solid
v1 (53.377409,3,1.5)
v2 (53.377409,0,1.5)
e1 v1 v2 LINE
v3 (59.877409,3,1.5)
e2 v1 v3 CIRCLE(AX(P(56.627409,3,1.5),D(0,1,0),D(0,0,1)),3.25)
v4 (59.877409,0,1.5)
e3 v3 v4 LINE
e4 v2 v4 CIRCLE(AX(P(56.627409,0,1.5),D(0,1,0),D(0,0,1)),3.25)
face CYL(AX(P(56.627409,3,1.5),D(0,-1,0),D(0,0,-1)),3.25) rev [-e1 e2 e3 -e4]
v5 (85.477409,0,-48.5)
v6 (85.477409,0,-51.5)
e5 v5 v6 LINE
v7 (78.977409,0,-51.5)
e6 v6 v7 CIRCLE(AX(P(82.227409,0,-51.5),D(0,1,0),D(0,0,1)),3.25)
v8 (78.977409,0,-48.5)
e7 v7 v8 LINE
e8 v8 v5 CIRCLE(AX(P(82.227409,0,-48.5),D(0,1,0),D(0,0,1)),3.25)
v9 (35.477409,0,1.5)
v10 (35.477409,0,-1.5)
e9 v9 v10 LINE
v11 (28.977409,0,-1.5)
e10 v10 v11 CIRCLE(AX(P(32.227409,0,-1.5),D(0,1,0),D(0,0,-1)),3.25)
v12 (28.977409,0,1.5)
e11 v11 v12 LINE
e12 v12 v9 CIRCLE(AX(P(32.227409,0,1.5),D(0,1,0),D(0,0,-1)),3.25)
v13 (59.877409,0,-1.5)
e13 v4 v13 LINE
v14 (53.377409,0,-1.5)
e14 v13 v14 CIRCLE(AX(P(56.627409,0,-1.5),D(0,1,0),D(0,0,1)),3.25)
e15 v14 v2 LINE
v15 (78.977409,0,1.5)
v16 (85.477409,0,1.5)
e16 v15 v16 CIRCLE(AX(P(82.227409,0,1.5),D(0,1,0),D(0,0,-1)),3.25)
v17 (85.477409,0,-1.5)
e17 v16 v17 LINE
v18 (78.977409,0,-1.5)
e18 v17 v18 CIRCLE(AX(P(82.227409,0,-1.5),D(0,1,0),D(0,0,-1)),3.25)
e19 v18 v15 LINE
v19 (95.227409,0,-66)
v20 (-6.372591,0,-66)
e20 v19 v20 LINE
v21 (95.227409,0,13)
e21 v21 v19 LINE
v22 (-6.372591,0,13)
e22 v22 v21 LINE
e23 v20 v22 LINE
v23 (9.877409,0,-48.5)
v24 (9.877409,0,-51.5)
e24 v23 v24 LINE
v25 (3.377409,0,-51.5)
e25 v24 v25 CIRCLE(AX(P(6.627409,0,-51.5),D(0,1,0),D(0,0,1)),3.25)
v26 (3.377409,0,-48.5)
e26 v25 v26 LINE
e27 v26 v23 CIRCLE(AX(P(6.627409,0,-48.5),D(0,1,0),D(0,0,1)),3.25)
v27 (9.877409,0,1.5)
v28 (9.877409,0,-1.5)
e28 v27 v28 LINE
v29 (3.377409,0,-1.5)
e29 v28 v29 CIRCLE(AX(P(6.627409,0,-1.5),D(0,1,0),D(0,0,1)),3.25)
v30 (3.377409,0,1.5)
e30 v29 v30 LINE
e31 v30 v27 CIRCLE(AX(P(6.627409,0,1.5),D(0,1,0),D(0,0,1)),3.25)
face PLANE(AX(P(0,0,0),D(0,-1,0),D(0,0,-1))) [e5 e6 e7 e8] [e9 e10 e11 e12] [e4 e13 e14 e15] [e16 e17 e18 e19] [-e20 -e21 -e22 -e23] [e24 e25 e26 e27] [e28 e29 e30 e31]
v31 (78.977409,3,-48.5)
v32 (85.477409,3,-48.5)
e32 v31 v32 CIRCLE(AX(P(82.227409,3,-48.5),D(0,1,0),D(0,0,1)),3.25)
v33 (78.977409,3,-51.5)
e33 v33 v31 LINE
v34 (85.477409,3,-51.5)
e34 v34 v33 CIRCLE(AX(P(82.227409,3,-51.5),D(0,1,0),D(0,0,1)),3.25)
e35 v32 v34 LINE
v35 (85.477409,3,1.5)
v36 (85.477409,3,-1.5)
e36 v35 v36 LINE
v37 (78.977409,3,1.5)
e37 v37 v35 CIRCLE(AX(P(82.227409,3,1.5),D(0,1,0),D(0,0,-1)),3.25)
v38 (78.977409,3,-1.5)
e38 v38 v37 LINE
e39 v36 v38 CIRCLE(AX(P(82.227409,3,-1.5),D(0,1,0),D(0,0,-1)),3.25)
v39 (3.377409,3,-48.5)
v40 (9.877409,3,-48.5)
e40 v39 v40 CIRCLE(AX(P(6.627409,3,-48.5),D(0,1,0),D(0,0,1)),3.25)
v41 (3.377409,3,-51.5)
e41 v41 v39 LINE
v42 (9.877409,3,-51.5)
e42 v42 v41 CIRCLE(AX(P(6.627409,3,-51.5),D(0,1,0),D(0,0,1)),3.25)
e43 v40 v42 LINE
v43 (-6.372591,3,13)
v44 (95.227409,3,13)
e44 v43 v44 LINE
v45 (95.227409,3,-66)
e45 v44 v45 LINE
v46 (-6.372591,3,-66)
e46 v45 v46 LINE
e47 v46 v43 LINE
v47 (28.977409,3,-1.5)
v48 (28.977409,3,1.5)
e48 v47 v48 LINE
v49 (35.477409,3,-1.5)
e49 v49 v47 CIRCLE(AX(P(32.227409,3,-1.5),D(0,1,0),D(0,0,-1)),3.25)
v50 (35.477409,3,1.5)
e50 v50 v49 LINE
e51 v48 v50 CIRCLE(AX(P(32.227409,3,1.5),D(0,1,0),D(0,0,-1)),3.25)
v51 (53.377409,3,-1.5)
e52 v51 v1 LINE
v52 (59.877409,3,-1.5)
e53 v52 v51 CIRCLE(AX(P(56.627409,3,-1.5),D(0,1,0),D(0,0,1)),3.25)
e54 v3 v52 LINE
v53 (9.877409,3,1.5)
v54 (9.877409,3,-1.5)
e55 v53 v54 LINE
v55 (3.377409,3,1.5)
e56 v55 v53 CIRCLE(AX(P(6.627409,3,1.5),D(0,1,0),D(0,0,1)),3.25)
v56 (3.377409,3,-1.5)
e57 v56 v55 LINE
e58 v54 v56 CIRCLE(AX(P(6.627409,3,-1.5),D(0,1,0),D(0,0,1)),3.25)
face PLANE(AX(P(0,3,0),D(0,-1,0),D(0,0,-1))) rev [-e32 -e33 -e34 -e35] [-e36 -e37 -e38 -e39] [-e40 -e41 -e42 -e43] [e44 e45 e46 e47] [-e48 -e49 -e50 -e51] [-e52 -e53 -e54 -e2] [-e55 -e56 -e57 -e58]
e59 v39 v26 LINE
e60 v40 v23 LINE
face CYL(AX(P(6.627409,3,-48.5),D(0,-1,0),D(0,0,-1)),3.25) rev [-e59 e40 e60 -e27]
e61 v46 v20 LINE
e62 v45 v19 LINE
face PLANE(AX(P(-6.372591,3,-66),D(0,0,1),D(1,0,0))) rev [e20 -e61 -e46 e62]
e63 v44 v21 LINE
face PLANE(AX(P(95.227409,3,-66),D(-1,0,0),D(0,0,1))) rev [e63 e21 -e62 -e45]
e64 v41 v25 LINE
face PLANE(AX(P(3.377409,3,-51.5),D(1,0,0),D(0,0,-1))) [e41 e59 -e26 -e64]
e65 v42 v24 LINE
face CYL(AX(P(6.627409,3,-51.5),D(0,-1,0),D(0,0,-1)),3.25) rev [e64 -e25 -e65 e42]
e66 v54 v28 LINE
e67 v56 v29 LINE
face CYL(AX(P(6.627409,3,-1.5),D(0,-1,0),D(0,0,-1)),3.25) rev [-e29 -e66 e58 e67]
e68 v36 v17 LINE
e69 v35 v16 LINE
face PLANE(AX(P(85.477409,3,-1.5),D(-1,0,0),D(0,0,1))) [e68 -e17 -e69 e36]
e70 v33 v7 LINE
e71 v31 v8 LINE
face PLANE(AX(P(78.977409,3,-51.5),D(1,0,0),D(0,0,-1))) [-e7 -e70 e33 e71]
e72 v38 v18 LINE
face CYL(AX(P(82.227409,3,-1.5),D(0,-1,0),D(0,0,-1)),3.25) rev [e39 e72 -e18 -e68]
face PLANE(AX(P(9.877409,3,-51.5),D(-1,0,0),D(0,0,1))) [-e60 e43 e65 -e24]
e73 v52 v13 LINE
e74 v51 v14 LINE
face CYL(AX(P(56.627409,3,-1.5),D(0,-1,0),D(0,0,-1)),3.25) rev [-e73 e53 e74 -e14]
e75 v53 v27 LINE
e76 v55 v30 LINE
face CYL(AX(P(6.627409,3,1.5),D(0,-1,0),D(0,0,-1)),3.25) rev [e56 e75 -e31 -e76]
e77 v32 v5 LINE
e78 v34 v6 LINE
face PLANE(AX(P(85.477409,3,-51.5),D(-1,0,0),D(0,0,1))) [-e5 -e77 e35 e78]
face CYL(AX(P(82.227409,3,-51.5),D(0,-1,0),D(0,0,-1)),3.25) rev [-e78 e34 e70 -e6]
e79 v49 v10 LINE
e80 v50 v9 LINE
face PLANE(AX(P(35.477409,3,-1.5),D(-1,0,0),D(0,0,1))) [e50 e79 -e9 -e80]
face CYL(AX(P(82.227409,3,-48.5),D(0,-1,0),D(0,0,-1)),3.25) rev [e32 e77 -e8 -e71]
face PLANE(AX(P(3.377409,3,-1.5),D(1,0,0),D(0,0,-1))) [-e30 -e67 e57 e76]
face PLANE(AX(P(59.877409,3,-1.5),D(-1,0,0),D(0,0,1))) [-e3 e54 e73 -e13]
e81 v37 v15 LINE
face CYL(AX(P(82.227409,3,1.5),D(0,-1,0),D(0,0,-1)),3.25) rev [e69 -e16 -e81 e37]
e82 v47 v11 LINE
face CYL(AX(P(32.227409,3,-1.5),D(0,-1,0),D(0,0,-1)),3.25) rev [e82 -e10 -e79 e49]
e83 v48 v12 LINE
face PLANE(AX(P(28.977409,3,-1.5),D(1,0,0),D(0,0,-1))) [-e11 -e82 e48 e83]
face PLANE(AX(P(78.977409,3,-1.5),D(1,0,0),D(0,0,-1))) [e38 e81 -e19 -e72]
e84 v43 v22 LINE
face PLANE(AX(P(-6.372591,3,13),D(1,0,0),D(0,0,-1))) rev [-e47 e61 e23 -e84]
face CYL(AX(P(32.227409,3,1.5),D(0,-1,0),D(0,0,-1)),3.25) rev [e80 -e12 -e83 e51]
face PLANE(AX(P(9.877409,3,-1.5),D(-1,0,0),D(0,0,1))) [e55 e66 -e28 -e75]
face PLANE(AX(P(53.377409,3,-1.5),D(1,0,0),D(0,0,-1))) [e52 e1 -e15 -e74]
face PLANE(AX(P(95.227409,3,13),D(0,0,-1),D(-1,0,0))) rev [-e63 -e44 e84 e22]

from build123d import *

# Parameters (mm, degrees)
SKETCH1_W           = 101.6
SKETCH1_H           = 79
BOSS_EXTRUDE1_DEPTH = 3


with BuildPart() as part:
    # Sketch1 → Boss-Extrude1 (new body)
    with BuildSketch(Plane(origin=(0, 0, 0), x_dir=(1, 0, 0), z_dir=(0, 1, 0))):
        with Locations((44.42740929, 26.5)):
            Rectangle(SKETCH1_W, SKETCH1_H)
        with BuildLine():
            Line((9.87740929, 51.5), (9.87740929, 48.5))
            ThreePointArc((9.87740929, 48.5), (6.62740929, 45.25), (3.37740929, 48.5))
            Line((3.37740929, 48.5), (3.37740929, 51.5))
            ThreePointArc((3.37740929, 51.5), (6.62740929, 54.75), (9.87740929, 51.5))
        make_face(mode=Mode.SUBTRACT)
        with BuildLine():
            Line((9.87740929, 1.5), (9.87740929, -1.5))
            ThreePointArc((9.87740929, -1.5), (6.62740929, -4.75), (3.37740929, -1.5))
            Line((3.37740929, -1.5), (3.37740929, 1.5))
            ThreePointArc((3.37740929, 1.5), (6.62740929, 4.75), (9.87740929, 1.5))
        make_face(mode=Mode.SUBTRACT)
        with BuildLine():
            Line((59.87740929, 1.5), (59.87740929, -1.5))
            ThreePointArc((59.87740929, -1.5), (56.62740929, -4.75), (53.37740929, -1.5))
            Line((53.37740929, -1.5), (53.37740929, 1.5))
            ThreePointArc((53.37740929, 1.5), (56.62740929, 4.75), (59.87740929, 1.5))
        make_face(mode=Mode.SUBTRACT)
        with BuildLine():
            Line((85.47740929, 51.5), (85.47740929, 48.5))
            ThreePointArc((85.47740929, 48.5), (82.22740929, 45.25), (78.97740929, 48.5))
            Line((78.97740929, 48.5), (78.97740929, 51.5))
            ThreePointArc((78.97740929, 51.5), (82.22740929, 54.75), (85.47740929, 51.5))
        make_face(mode=Mode.SUBTRACT)
        with BuildLine():
            Line((78.97740929, 1.5), (78.97740929, -1.5))
            ThreePointArc((78.97740929, -1.5), (82.22740929, -4.75), (85.47740929, -1.5))
            Line((85.47740929, -1.5), (85.47740929, 1.5))
            ThreePointArc((85.47740929, 1.5), (82.22740929, 4.75), (78.97740929, 1.5))
        make_face(mode=Mode.SUBTRACT)
        with BuildLine():
            Line((28.97740929, 1.5), (28.97740929, -1.5))
            ThreePointArc((28.97740929, -1.5), (32.22740929, -4.75), (35.47740929, -1.5))
            Line((35.47740929, -1.5), (35.47740929, 1.5))
            ThreePointArc((35.47740929, 1.5), (32.22740929, 4.75), (28.97740929, 1.5))
        make_face(mode=Mode.SUBTRACT)
    extrude(amount=BOSS_EXTRUDE1_DEPTH)


solid = part.part
